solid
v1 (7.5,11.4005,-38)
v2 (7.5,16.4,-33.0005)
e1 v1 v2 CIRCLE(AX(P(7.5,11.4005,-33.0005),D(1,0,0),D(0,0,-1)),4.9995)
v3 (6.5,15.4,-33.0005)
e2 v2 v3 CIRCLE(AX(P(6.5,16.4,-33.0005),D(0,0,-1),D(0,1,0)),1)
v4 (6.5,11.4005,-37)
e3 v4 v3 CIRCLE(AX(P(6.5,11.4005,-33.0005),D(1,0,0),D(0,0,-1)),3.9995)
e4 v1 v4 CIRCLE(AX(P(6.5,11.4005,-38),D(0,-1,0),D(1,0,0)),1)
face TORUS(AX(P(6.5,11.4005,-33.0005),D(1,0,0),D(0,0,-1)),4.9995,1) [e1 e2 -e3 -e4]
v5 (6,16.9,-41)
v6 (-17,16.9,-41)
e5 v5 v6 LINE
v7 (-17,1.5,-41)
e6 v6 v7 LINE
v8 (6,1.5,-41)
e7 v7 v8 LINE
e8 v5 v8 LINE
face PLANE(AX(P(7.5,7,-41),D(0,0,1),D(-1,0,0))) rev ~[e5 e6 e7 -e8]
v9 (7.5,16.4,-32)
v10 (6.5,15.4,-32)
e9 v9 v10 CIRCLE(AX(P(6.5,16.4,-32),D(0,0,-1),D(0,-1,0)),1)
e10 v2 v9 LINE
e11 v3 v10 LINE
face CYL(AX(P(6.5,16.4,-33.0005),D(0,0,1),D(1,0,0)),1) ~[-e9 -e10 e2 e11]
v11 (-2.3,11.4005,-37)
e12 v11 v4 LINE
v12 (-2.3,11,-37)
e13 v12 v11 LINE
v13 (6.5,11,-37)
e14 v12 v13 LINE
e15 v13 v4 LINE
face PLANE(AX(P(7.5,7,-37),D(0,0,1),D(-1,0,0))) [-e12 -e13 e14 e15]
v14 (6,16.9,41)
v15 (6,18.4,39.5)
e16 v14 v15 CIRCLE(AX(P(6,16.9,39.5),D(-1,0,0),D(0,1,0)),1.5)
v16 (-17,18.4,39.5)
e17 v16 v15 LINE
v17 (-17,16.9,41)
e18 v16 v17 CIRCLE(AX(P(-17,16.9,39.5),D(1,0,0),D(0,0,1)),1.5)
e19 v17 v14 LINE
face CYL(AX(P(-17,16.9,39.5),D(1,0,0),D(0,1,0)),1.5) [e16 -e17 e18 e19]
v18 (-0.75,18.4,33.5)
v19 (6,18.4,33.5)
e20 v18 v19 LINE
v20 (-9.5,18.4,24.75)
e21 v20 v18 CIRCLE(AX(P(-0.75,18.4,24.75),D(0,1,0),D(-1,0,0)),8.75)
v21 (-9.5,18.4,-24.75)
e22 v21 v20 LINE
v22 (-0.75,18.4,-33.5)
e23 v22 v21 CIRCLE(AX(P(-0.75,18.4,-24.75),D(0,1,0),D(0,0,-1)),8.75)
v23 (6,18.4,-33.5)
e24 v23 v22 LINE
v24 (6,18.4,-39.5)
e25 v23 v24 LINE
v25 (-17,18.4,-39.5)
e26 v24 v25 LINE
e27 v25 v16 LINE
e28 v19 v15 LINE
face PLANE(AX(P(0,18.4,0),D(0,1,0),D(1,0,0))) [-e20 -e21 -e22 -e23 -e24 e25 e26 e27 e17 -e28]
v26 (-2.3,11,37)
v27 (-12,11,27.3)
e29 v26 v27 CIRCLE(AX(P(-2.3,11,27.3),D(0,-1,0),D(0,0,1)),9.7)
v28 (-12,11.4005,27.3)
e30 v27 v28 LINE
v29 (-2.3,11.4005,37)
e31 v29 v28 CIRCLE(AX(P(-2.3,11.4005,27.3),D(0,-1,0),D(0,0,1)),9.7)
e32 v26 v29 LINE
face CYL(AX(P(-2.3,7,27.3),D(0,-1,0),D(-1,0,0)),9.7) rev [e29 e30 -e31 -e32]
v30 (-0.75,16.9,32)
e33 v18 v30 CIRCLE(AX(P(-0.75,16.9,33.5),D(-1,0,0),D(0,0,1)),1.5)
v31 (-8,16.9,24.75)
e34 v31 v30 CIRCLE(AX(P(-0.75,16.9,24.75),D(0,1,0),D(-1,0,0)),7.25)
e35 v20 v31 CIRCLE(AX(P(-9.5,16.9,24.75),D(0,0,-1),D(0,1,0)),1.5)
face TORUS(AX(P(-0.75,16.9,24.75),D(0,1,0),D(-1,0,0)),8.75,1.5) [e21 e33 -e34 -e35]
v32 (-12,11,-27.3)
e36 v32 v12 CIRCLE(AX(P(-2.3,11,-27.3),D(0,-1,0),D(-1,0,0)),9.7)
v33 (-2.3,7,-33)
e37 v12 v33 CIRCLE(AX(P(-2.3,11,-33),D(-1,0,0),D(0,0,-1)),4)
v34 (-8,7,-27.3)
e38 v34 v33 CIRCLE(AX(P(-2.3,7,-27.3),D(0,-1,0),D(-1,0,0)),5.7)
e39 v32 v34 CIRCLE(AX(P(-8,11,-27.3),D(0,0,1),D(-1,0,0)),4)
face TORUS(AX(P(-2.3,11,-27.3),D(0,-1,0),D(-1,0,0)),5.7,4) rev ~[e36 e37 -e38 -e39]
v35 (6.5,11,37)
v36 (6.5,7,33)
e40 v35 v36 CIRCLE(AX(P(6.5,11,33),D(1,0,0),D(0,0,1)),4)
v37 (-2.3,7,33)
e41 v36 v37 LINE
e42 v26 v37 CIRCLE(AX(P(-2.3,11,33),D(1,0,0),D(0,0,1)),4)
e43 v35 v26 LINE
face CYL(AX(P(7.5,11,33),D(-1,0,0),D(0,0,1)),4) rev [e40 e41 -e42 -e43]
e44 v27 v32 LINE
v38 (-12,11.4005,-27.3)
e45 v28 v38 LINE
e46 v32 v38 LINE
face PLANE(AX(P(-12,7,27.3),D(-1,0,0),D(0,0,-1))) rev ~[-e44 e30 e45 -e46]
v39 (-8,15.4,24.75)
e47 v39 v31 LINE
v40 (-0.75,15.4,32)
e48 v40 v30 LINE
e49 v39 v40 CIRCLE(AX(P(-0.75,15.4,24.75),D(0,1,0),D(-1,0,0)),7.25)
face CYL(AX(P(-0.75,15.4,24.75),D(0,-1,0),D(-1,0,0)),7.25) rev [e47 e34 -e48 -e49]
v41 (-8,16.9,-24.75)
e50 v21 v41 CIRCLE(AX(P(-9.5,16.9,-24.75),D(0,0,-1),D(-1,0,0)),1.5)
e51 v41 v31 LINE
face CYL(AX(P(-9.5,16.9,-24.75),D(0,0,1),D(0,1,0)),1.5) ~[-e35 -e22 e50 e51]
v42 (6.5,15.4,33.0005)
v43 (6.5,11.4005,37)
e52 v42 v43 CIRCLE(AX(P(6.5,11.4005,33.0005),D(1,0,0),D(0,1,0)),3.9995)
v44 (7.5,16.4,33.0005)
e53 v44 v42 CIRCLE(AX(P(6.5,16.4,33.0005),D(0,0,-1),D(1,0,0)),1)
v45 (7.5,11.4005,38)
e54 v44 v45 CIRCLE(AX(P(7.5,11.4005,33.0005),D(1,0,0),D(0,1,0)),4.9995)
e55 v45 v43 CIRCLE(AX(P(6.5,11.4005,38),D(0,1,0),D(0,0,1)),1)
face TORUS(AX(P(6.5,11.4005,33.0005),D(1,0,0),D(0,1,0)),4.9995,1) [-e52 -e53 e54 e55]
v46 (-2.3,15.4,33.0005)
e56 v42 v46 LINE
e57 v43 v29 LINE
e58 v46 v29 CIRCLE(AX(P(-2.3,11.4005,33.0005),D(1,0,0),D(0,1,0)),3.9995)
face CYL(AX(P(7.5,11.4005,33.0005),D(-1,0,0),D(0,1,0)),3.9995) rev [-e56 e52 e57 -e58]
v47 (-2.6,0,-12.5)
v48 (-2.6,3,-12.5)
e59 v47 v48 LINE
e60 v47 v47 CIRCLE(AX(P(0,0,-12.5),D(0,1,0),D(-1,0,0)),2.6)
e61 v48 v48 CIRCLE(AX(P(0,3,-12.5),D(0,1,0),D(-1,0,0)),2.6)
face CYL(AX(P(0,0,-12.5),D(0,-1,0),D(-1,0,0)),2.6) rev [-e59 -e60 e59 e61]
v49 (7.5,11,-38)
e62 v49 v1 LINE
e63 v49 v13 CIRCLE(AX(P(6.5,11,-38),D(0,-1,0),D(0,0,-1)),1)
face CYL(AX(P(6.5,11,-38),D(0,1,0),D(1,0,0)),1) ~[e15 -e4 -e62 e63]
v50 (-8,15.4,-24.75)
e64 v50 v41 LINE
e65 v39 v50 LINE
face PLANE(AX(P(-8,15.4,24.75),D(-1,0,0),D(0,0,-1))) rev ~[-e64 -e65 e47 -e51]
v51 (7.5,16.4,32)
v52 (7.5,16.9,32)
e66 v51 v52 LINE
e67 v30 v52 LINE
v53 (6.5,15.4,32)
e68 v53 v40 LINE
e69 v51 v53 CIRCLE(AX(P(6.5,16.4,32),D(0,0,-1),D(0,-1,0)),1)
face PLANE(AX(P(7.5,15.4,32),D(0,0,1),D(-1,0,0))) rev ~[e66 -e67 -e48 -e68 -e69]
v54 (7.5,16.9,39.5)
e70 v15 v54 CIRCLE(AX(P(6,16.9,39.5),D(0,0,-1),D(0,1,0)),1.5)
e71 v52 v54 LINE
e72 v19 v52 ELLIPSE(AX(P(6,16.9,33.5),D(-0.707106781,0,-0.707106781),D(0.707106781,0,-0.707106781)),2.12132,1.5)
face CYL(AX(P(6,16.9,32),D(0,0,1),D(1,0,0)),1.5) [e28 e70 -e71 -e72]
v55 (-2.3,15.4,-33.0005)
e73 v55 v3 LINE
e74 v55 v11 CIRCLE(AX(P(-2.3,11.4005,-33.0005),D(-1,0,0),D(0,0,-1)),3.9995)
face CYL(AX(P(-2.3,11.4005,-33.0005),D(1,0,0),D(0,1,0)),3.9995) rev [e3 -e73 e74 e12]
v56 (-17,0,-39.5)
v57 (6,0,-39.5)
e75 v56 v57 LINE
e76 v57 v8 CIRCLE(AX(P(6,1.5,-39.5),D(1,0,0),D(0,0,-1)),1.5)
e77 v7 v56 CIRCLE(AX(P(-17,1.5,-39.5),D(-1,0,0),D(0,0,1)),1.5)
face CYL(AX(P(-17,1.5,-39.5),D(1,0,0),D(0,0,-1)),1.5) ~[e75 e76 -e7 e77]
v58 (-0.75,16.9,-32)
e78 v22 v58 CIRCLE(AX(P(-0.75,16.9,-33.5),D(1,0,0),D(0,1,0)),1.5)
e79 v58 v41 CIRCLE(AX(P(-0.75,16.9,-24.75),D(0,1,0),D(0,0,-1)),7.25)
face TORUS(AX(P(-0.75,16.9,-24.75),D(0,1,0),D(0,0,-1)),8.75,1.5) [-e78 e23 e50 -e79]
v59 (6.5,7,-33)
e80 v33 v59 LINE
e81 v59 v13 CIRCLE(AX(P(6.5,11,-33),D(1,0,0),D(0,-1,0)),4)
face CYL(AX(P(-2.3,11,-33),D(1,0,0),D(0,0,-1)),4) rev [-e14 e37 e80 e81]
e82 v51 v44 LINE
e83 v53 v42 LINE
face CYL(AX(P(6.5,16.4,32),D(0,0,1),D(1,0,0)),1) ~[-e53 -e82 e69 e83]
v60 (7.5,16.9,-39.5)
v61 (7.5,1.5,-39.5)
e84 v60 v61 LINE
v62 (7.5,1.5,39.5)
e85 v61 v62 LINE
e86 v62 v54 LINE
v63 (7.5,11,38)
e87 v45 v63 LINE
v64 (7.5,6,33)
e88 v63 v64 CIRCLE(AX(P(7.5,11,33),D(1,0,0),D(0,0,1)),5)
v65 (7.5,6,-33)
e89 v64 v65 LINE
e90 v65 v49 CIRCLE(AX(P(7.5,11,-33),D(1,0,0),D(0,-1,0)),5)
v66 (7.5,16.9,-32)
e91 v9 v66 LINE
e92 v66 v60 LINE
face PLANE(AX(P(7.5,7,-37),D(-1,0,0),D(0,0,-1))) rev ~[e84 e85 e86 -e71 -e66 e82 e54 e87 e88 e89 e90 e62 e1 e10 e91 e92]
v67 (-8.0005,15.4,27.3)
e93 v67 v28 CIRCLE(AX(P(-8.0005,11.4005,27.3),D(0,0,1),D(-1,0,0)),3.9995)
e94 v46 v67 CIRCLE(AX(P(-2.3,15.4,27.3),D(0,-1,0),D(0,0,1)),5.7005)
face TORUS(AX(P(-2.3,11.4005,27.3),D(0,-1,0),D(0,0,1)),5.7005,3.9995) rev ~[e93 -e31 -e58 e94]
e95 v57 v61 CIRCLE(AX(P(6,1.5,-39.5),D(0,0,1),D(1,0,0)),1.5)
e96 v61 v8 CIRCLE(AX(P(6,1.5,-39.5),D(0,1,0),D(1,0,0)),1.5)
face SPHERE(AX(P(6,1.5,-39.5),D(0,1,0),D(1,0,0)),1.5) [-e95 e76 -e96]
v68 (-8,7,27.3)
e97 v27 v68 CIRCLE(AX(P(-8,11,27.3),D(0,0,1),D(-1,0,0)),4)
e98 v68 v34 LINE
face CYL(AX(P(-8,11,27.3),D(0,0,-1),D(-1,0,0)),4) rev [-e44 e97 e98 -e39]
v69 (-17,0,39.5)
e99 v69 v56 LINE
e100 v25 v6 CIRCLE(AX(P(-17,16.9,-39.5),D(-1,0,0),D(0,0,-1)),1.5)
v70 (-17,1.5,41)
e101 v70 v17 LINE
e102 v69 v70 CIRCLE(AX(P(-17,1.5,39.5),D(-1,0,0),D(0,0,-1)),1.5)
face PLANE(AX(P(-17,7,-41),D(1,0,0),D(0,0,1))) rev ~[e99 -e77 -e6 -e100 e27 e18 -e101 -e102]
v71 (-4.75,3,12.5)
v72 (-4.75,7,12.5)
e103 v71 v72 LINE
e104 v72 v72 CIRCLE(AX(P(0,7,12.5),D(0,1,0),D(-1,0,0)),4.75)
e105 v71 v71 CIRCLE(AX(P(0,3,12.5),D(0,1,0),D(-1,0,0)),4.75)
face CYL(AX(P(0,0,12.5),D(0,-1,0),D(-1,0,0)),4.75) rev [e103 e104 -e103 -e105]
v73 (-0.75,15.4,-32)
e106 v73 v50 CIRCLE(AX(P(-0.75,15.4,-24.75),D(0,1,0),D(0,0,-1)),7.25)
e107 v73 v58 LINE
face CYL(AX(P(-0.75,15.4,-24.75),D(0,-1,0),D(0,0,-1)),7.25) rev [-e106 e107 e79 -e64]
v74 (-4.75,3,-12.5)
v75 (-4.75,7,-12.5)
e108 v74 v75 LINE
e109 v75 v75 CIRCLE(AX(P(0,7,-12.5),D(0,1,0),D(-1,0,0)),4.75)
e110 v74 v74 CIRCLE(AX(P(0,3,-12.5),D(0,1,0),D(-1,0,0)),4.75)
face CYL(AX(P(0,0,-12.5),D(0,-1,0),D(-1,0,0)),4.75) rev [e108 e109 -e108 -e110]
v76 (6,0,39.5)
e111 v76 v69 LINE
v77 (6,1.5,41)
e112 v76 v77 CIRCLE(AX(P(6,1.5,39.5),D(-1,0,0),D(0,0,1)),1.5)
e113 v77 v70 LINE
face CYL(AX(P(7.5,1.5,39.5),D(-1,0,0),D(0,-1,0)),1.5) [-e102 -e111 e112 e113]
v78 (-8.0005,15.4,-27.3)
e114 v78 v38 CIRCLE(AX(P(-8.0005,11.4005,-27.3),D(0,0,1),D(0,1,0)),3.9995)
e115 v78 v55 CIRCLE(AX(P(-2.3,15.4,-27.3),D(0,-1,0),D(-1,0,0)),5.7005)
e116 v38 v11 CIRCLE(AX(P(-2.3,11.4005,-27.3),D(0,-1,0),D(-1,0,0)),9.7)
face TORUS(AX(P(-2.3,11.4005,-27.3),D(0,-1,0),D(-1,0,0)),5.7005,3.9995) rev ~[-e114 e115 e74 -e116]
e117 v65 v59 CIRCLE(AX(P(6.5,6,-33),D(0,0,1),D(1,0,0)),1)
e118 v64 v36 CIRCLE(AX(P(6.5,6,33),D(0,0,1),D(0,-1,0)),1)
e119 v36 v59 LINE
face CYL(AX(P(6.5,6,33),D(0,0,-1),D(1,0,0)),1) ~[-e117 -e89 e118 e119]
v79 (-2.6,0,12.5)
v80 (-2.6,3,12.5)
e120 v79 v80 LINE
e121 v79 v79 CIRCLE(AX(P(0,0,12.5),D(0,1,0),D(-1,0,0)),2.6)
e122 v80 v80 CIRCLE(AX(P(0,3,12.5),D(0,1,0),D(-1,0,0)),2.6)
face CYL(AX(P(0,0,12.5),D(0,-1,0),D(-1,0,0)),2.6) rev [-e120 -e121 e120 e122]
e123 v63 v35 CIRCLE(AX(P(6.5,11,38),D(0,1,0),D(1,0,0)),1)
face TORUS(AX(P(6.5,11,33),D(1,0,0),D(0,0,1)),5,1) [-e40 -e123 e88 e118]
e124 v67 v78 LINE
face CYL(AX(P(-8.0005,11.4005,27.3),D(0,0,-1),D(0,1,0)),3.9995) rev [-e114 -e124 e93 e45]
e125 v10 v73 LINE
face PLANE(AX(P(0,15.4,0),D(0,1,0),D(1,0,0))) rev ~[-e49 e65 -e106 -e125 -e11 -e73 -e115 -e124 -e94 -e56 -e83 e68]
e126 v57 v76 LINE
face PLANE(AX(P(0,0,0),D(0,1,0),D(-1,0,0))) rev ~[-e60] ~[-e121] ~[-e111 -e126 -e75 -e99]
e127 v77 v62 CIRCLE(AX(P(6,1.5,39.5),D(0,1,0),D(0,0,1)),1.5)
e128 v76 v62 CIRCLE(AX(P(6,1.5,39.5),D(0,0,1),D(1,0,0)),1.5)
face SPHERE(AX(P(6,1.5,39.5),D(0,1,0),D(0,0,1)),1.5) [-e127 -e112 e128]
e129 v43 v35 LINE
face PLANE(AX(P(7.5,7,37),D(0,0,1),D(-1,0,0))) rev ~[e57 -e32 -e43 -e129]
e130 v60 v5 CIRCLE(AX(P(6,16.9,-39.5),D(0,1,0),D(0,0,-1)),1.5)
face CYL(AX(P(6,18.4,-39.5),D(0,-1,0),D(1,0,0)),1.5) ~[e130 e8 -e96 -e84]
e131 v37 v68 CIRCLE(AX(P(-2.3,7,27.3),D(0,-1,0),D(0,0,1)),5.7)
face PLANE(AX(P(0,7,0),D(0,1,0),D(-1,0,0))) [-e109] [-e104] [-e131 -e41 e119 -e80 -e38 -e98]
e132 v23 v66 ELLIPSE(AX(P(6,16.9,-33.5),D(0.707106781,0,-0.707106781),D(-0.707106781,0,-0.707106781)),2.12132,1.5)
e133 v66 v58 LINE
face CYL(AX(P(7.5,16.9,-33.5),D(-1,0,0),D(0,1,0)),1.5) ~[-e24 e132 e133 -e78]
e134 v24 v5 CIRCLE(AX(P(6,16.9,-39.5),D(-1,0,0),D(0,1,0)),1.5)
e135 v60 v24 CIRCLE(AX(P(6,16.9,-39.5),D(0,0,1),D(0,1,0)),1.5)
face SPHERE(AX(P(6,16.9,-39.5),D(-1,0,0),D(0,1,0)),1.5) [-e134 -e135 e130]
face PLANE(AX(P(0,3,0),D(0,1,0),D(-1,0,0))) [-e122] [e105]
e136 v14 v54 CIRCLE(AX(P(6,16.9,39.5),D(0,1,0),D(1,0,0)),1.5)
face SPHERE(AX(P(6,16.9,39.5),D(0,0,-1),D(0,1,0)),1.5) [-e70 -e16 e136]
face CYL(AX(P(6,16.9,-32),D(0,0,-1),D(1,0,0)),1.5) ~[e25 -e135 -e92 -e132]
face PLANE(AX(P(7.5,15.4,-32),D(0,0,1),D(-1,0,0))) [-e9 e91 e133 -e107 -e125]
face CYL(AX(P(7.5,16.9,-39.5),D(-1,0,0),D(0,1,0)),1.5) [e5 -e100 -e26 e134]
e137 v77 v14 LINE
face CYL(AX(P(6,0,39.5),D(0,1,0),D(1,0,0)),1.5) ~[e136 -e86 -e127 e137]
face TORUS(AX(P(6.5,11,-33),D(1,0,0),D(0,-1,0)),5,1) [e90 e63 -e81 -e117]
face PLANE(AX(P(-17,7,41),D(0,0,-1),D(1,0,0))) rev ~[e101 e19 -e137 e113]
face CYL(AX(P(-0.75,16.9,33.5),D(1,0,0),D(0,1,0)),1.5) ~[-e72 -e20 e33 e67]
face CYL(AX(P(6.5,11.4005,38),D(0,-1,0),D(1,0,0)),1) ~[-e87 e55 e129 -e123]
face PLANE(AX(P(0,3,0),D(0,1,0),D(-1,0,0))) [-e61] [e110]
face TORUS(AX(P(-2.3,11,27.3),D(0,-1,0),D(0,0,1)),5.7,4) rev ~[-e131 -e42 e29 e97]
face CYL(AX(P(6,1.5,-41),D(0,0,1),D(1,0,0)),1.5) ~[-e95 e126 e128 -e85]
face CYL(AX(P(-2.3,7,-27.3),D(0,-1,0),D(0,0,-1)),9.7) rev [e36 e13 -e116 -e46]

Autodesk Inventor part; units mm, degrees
ref_plane "YZ Plane" through (0, 0, 0) normal (1, 0, 0) x (0, 1, 0)
ref_plane "XZ Plane" through (0, 0, 0) normal (0, 1, 0) x (-1, 0, 0)
ref_plane "XY Plane" through (0, 0, 0) normal (0, 0, 1) x (1, 0, 0)
sketch "Sketch1" plane through (0, 0, 0) normal (0, 1, 0) x (-1, 0, 0)
  circle A0 centre (0, 12.5) radius 2.6
  circle A1 centre (0, -12.5) radius 2.6
  circle A2 centre (0, 12.5) radius 4.75
  circle A3 centre (0, -12.5) radius 4.75
  circle A4 centre (0, 12.5) radius 7.5
  circle A5 centre (0, -12.5) radius 7.5
  line L0 (7.5, 12.5) -> (7.5, -12.5)
  line L1 (-7.5, -12.5) -> (-7.5, 12.5)
  line L2 (0, 12.5) -> (0, -12.5) construction
  line L3 (7.5, -12.5) -> (7.5, 12.5)
  line L4 (-7.5, 41) -> (17, 41)
  line L5 (17, 41) -> (17, -41)
  line L6 (17, -41) -> (-7.5, -41)
  line L7 (-7.5, -41) -> (-7.5, 41)
  point P0 (0, 0)
  point P1 (7.5, -41)
  dimension "d0" = 5.2
  dimension "d1" = 5.2
  dimension "d2" = 25
  dimension "d3" = 12.5
  dimension "d6" = 9.5
  dimension "d7" = 9.5
  dimension "d8" = 15
  dimension "d9" = 15
  dimension "d19" = 24.5
  dimension "d20" = 82
  dimension "d21" = 41
extrude "Extrusion1" add sketch "Sketch1" along normal blind 3 contours A2 | A3
extrude "Extrusion2" add sketch "Sketch1" along normal blind 7 contours A4 | L0 A5 L1 A4 | A4 L7 L4 L5 L6 A5 L0 | A5
sketch "Sketch2" plane through (0, 7, 0) normal (0, 1, 0) x (1, 0, 0)
  circle A0 centre (0, 12.5) radius 4.75 projected
  circle A1 centre (0, -12.5) radius 4.75 projected
  line L0 (-17, -41) -> (7.5, -41) projected
  line L1 (7.5, -41) -> (7.5, 41) projected
  line L2 (7.5, 41) -> (-17, 41) projected
  line L3 (-17, 41) -> (-17, -41) projected
  line L4 (7.5, 41) -> (7.5, -41) projected
  line L5 (7.5, -37) -> (-2.3, -37)
  line L6 (-12, -27.3) -> (-12, 27.3)
  line L7 (7.5, 37) -> (-2.3, 37)
  arc A2 (-12, -27.3) -> (-2.3, -37) centre (-2.3, -27.3) ccw
  arc A3 (-2.3, 37) -> (-12, 27.3) centre (-2.3, 27.3) ccw
  point P0 (0, 0)
  dimension "d23" = 5
  dimension "d24" = 4
  dimension "d25" = 4
  dimension "d26" = 9.7
extrude "Extrusion3" add sketch "Sketch2" along normal blind 8.4 contours L3 L2 L1 L7 A3 L6 A2 L5 L0
sketch "Sketch3" plane through (0, 15.4, 0) normal (0, 1, 0) x (1, 0, 0)
  line L0 (7.5, -41) -> (7.5, -37) projected
  line L1 (7.5, -37) -> (-2.3, -37) projected
  arc A0 (-12, -27.3) -> (-2.3, -37) centre (-2.3, -27.3) ccw projected
  line L2 (-12, -27.3) -> (-12, 27.3) projected
  arc A1 (-2.3, 37) -> (-12, 27.3) centre (-2.3, 27.3) ccw projected
  line L3 (-2.3, 37) -> (7.5, 37) projected
  line L4 (7.5, 37) -> (7.5, 41) projected
  line L5 (7.5, 41) -> (-17, 41) projected
  line L6 (-17, 41) -> (-17, -41) projected
  line L7 (-17, -41) -> (7.5, -41) projected
  line L8 (7.5, -37) -> (7.5, 37) projected
  line L9 (7.5, -32) -> (-0.75, -32)
  line L10 (7.5, 32) -> (-0.75, 32)
  line L11 (-8, -24.75) -> (-8, 24.75)
  arc A2 (-8, -24.75) -> (-0.75, -32) centre (-0.75, -24.75) ccw
  arc A3 (-0.75, 32) -> (-8, 24.75) centre (-0.75, 24.75) ccw
  line L12 (7.5, -32) -> (7.5, -37)
  line L13 (7.5, 32) -> (7.5, 37)
  point P0 (0, 0)
  dimension "d29" = 64
  dimension "d30" = 32
  dimension "d31" = 4
  dimension "d32" = 7.25
extrude "Extrusion4" add sketch "Sketch3" along normal blind 3 contours L7 L6 L5 L4 L3 A1 L2 A0 L1 L0 | L1 A0 L2 A1 L3 L8 L10 A3 L11 A2 L9
fillet "Fillet1" radius 4 5 edges at (2.6, 7, 37) (-12, 7, 0) (-9.1589, 7, -34.1589) (2.6, 7, -37) (-9.1589, 7, 34.1589)
fillet "Fillet2" radius 4 5 edges at (-12, 15.4, 0) (-9.1589, 15.4, -34.1589) (2.6, 15.4, -37) (2.6, 15.4, 37) (-9.1589, 15.4, 34.1589)
fillet "Fillet3" radius 1 3 edges at (7.5, 7, 0) (7.5, 8.1716, -35.8284) (7.5, 8.1716, 35.8284)
fillet "Fillet4" radius 1.5 14 edges at (-5.8765, 18.4, 29.8765) (-8, 18.4, 0) (-5.8765, 18.4, -29.8765) (3.375, 18.4, -32) (3.375, 18.4, 32) (7.5, 18.4, 36.5) (-4.75, 18.4, -41) (-4.75, 18.4, 41) (7.5, 18.4, -36.5) (7.5, 9.2, -41) (7.5, 9.2, 41) (-4.75, 0, 41) (7.5, 0, 0) (-4.75, 0, -41)
equation "\"d3\" = 0.5 * d2"
equation "\"d21\" = 0.5 * d20"
equation "\"d30\" = 0.5 * d29"
properties part number "HolderFront"
